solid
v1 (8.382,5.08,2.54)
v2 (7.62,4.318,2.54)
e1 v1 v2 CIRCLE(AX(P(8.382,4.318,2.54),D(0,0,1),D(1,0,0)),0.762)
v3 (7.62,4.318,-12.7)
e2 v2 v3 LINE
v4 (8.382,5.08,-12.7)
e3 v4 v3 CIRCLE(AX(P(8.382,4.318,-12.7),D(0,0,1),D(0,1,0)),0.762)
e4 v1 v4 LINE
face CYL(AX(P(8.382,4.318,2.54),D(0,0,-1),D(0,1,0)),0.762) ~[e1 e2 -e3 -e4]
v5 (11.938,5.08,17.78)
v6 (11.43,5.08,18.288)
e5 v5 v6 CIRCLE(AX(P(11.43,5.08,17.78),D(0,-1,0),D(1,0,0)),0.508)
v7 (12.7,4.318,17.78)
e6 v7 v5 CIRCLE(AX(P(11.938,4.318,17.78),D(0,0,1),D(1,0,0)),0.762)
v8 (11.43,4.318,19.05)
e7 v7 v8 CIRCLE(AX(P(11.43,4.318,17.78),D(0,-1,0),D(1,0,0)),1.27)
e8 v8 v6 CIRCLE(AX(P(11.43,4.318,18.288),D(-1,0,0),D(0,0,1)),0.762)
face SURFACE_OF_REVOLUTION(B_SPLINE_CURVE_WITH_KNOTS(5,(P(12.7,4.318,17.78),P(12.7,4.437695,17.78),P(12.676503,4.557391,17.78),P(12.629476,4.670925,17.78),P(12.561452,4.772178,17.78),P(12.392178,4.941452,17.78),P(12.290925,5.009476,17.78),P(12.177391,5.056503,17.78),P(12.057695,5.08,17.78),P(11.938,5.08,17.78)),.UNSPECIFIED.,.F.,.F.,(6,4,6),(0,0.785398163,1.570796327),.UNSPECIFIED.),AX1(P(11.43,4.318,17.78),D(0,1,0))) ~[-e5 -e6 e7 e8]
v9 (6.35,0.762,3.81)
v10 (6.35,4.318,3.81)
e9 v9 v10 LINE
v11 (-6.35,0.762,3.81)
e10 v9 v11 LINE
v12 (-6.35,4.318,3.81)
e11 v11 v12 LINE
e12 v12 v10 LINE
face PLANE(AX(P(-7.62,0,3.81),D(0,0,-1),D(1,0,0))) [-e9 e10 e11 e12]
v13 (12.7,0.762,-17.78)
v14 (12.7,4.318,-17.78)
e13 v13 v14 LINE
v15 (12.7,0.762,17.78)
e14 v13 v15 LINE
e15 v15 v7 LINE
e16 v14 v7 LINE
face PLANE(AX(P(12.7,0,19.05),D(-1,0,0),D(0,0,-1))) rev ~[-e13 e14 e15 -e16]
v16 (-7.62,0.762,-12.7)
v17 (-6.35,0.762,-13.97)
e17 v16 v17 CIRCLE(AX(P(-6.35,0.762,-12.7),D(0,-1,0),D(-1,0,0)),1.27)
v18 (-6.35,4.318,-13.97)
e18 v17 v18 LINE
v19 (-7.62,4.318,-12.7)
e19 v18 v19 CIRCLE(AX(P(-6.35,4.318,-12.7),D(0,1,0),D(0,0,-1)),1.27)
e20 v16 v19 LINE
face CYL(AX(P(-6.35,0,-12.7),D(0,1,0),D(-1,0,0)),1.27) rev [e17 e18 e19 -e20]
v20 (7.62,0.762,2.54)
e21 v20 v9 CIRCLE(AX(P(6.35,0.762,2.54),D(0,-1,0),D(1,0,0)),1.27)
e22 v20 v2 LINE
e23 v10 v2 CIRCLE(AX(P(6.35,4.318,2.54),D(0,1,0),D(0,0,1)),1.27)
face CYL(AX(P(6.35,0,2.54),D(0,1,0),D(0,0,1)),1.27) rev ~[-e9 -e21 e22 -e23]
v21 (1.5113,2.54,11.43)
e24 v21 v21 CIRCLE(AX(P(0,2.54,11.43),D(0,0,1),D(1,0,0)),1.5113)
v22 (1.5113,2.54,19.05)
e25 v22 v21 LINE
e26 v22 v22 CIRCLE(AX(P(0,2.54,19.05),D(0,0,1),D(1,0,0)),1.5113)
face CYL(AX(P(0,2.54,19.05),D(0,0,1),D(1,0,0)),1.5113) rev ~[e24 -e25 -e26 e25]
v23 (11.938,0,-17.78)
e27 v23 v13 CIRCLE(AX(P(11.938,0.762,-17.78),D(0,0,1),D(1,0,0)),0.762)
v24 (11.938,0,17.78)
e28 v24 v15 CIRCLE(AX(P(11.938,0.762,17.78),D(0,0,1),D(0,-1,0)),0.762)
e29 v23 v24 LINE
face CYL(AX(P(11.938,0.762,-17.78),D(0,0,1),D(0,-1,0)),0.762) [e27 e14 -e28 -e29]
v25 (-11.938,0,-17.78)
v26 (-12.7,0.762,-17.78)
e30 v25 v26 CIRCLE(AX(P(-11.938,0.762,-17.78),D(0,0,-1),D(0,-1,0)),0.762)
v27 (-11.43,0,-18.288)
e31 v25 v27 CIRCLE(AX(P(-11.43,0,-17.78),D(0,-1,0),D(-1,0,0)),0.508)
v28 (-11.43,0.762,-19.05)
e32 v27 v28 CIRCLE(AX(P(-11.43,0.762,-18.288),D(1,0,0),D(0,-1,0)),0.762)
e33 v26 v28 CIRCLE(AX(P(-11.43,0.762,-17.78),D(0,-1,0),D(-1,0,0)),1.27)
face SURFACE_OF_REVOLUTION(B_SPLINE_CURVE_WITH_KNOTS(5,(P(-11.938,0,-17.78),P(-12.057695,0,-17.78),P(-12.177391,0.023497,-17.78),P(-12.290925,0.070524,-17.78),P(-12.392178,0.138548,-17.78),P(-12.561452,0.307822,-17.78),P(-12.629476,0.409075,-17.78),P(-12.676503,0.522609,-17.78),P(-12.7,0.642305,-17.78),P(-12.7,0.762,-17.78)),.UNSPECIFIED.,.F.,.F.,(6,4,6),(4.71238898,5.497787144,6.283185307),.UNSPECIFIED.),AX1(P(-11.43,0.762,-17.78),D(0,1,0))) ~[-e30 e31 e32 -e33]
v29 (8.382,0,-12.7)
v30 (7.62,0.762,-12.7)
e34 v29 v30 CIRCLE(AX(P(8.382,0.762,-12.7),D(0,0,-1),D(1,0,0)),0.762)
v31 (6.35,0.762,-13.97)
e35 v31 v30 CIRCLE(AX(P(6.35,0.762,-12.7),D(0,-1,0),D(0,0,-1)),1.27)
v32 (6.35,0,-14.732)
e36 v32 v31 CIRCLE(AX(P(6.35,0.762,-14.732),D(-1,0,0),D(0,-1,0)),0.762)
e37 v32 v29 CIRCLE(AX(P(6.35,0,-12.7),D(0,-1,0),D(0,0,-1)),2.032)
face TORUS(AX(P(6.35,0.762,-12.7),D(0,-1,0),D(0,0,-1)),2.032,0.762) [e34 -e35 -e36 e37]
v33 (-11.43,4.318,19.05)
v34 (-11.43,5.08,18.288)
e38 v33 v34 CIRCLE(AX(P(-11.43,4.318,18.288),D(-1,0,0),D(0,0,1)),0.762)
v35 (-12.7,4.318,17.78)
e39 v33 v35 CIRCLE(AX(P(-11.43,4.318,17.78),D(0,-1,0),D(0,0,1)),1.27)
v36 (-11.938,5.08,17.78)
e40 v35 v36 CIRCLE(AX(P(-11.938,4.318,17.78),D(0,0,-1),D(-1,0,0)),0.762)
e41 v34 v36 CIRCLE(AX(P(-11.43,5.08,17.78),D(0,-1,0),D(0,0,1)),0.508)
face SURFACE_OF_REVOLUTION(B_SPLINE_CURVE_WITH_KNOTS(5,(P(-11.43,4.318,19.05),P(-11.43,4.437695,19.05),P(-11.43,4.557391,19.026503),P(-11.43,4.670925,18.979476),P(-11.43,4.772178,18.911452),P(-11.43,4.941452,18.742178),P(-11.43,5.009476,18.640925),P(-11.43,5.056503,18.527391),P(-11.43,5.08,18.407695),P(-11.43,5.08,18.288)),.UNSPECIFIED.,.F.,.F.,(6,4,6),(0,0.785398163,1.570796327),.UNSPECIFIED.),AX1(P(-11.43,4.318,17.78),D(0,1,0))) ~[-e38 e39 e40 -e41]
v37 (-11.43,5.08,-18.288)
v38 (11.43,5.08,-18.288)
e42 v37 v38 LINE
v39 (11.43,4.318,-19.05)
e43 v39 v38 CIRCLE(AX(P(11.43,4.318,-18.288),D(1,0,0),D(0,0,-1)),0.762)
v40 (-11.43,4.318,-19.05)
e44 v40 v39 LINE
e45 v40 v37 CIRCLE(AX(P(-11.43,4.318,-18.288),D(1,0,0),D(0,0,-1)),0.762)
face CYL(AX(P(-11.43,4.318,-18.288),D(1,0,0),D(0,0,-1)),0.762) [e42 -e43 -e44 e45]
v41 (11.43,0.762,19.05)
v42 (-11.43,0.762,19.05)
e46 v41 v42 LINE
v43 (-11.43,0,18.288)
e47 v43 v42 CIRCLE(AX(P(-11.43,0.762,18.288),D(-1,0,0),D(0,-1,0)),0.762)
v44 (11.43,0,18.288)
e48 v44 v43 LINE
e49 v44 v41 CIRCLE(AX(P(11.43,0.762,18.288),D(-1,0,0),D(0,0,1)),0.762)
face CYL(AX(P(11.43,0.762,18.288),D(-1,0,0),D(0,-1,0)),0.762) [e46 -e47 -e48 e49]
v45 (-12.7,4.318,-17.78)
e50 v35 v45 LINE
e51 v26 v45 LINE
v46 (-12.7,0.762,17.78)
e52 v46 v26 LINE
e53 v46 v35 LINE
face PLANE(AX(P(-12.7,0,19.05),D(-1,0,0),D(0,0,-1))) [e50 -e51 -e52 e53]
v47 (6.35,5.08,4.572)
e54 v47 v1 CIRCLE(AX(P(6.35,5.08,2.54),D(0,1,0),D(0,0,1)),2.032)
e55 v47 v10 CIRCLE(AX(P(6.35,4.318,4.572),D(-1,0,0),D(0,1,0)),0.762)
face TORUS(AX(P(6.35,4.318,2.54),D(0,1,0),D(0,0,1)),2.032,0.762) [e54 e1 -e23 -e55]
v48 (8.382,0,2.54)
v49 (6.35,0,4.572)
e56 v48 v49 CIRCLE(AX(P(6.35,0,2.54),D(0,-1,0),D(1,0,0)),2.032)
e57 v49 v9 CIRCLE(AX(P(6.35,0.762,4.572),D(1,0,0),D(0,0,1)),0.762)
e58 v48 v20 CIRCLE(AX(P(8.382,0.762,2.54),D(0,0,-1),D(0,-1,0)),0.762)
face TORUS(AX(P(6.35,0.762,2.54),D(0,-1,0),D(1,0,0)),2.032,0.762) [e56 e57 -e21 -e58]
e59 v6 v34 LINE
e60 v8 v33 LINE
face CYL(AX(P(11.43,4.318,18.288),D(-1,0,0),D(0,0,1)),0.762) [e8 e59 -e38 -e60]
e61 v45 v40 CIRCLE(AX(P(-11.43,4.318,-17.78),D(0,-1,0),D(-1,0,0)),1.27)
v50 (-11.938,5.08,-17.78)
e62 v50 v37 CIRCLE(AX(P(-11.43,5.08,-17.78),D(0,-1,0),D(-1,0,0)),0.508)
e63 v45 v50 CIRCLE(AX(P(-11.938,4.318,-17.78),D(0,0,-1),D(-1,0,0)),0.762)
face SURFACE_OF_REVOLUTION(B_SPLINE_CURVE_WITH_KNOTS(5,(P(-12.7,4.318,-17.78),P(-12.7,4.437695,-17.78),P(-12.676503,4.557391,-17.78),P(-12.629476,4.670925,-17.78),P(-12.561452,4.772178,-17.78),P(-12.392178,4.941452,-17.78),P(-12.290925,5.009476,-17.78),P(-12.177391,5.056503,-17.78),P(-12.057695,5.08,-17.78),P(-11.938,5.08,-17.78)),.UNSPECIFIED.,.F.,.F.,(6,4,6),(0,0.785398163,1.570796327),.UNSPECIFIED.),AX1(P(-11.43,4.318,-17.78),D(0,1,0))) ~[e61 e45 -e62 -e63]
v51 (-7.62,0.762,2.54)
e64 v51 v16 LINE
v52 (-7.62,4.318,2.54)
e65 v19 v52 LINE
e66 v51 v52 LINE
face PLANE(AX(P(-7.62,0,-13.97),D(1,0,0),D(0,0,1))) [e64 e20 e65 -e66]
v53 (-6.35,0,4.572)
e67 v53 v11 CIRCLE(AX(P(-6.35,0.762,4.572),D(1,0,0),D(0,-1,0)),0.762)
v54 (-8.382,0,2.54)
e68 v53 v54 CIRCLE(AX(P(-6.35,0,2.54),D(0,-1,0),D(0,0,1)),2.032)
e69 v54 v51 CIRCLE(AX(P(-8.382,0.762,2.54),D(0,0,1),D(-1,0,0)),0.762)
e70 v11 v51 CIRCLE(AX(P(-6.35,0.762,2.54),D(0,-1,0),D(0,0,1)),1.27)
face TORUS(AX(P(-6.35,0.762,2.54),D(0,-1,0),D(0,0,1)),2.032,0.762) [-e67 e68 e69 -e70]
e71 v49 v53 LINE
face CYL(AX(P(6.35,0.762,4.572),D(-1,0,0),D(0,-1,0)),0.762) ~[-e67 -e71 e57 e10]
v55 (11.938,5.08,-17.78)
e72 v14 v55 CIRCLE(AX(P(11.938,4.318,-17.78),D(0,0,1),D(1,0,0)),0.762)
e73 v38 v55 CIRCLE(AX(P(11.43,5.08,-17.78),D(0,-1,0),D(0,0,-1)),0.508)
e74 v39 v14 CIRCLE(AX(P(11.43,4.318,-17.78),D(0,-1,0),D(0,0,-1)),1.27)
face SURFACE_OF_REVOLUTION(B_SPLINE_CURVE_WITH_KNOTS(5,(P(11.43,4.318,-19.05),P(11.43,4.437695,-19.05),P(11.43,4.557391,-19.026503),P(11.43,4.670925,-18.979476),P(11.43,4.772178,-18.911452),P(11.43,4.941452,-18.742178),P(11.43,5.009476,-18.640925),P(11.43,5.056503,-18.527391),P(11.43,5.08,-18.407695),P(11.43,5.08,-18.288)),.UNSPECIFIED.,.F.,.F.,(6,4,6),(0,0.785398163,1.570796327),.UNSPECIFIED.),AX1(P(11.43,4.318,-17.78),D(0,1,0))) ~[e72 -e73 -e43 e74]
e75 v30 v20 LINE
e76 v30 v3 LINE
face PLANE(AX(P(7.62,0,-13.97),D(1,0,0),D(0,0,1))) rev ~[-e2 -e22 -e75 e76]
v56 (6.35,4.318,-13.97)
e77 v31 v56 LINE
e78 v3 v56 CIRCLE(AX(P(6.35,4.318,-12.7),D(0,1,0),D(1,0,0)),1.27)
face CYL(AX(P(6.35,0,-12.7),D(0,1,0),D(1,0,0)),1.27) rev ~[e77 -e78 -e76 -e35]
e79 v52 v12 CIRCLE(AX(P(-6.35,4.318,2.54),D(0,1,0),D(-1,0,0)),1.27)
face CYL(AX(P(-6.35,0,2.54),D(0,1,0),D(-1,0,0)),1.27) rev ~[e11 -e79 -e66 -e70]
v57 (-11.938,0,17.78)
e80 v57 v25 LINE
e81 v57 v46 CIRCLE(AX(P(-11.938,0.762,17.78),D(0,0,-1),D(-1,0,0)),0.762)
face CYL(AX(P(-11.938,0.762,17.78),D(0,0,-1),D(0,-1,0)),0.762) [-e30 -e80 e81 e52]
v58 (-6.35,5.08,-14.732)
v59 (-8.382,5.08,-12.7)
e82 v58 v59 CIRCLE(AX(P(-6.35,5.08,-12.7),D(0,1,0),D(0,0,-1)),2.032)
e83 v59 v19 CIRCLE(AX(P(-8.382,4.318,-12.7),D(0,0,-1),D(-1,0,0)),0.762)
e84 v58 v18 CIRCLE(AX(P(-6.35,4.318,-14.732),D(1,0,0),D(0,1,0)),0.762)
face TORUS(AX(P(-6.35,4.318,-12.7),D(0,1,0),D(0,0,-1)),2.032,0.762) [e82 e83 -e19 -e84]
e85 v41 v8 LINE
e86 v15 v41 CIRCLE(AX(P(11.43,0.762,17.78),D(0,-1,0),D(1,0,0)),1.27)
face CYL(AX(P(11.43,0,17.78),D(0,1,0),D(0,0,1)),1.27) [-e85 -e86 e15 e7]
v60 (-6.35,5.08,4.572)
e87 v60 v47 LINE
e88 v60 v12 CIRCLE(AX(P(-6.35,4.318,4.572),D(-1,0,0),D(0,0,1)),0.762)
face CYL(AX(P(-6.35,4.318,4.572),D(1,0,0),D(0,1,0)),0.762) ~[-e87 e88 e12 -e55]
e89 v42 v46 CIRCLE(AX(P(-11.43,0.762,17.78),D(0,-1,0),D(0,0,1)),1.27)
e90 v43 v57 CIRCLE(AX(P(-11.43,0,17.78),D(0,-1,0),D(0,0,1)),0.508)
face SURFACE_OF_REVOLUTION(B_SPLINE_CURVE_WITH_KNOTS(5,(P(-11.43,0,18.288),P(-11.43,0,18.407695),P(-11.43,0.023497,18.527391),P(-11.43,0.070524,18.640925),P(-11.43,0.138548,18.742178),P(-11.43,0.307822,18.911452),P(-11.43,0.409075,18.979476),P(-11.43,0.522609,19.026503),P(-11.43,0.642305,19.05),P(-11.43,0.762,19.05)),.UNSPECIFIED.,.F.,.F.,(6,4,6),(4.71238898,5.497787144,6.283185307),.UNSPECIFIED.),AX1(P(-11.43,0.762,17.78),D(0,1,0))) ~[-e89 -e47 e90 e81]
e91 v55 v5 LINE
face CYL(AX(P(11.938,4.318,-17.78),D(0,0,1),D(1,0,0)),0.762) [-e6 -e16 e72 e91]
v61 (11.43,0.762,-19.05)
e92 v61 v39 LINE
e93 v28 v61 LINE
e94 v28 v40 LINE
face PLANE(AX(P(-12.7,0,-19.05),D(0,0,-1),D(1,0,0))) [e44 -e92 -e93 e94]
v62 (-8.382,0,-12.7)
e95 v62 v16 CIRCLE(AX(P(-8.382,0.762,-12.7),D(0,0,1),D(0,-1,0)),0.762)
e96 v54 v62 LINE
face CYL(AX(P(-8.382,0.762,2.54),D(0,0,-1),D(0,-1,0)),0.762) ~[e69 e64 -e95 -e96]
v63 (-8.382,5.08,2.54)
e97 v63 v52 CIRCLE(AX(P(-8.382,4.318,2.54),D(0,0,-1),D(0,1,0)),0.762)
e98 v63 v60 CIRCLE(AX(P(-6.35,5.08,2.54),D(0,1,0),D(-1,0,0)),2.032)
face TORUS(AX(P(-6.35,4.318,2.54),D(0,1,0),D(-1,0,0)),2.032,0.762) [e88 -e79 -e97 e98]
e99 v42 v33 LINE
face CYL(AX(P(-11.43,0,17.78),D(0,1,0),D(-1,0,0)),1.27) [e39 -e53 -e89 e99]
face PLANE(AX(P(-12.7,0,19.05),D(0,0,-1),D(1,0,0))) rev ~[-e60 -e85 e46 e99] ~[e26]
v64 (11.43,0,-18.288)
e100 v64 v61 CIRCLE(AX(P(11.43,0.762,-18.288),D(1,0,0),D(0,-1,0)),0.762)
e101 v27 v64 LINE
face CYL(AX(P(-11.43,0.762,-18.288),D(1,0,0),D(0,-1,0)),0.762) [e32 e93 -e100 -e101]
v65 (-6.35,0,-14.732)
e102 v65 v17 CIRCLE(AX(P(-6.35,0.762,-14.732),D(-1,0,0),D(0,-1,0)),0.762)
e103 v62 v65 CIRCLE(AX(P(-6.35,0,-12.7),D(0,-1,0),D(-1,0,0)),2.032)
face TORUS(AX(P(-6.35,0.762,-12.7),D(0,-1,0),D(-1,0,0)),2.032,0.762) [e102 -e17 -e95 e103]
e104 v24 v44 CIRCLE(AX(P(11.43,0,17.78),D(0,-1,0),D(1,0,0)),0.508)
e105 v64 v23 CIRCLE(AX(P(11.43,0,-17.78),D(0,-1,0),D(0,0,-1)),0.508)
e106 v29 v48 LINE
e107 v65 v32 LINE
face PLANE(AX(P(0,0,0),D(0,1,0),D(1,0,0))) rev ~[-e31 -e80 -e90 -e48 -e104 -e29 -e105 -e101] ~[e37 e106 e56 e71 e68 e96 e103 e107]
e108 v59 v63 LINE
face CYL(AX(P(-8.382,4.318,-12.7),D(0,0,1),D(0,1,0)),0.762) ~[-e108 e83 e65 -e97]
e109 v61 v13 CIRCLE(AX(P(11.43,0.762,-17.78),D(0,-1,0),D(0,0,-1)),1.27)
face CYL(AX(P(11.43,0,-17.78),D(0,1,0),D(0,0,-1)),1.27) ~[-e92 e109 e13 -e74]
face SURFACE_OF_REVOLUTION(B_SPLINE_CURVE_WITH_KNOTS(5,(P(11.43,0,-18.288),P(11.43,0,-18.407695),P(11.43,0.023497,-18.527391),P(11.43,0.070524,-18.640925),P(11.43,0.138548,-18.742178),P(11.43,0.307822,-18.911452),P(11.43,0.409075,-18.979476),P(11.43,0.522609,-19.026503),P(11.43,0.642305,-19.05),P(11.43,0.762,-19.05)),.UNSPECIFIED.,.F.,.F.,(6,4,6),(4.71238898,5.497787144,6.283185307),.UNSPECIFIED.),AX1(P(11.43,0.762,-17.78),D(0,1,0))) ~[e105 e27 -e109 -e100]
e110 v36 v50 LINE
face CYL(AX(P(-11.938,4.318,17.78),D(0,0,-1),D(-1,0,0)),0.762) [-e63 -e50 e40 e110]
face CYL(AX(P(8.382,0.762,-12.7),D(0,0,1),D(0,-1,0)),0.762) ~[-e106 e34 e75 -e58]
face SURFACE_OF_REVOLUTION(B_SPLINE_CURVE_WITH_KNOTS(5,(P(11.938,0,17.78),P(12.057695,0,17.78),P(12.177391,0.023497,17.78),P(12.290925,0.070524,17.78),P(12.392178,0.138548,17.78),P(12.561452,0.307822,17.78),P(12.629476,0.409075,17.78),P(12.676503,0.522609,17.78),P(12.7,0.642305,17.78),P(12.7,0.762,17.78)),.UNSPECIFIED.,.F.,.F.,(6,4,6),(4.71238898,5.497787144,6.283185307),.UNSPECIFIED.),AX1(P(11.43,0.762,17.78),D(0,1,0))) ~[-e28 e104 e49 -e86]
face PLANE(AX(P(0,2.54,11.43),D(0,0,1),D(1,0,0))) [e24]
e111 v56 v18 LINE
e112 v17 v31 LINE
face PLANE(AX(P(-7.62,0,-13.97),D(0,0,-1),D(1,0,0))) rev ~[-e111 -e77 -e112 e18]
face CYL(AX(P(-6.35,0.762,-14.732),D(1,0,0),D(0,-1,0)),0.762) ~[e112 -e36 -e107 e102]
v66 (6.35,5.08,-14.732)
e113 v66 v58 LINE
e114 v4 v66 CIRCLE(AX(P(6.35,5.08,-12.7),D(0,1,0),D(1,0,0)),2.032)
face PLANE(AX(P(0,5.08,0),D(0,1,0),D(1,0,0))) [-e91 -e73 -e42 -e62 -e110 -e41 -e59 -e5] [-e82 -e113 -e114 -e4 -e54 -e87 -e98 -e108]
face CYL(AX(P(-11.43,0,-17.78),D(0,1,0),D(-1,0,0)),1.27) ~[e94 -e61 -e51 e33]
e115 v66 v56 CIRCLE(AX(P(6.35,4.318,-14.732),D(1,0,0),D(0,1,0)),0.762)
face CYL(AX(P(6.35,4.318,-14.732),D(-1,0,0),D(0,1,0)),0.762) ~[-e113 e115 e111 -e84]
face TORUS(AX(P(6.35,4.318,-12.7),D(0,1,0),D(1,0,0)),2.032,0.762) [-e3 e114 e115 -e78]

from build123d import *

# Parameters (mm, degrees)
SKETCH1_W           = 25.4
SKETCH1_H           = 38.1
BOSS_EXTRUDE1_DEPTH = 5.08
SKETCH2_W           = 15.24
SKETCH2_H           = 17.78
CUT_EXTRUDE1_DEPTH  = 24.452055347
SKETCH3_R           = 1.5113
CUT_EXTRUDE3_DEPTH  = 7.62
FILLET1_R           = 1.27
FILLET2_R           = 1.27
FILLET3_R           = 0.762
FILLET4_R           = 0.762


with BuildPart() as part:
    # Sketch1 → Boss-Extrude1 (new body)
    with BuildSketch(Plane(origin=(0, 0, 0), x_dir=(1, 0, 0), z_dir=(0, 1, 0))):
        Rectangle(SKETCH1_W, SKETCH1_H)
    extrude(amount=BOSS_EXTRUDE1_DEPTH)

    # Sketch2 → Cut-Extrude1 (cut, through all)
    with BuildSketch(Plane.XZ):
        with Locations((0, -5.08)):
            Rectangle(SKETCH2_W, SKETCH2_H)
    extrude(amount=-CUT_EXTRUDE1_DEPTH, mode=Mode.SUBTRACT)

    # Sketch3 → Cut-Extrude3 (cut)
    with BuildSketch(Plane.XY.offset(19.05)):
        with Locations((0, 2.54)):
            Circle(SKETCH3_R)
    extrude(amount=-CUT_EXTRUDE3_DEPTH, mode=Mode.SUBTRACT)

    # Fillet1
    fillet1_edges = [part.edges().sort_by_distance(p)[0] for p in [
        (12.7, 2.54, 19.05),
        (-12.7, 2.54, 19.05),
        (-12.7, 2.54, -19.05),
        (12.7, 2.54, -19.05),
    ]]
    fillet(fillet1_edges, radius=FILLET1_R)

    # Fillet2
    fillet2_edges = [part.edges().sort_by_distance(p)[0] for p in [
        (7.62, 2.54, 3.81),
        (7.62, 2.54, -13.97),
        (-7.62, 2.54, -13.97),
        (-7.62, 2.54, 3.81),
    ]]
    fillet(fillet2_edges, radius=FILLET2_R)

    # Fillet3
    fillet3_edges = [part.edges().sort_by_distance(p)[0] for p in [
        (0, 5.08, -19.05),
        (12.7, 5.08, 0),
        (-12.7, 5.08, 0),
        (0, 5.08, 19.05),
        (12.328025612, 5.08, 18.678025612),
        (-12.328025612, 5.08, 18.678025612),
        (-12.328025612, 5.08, -18.678025612),
        (12.328025612, 5.08, -18.678025612),
    ]]
    fillet(fillet3_edges, radius=FILLET3_R)

    # Fillet4
    fillet4_edges = [part.edges().sort_by_distance(p)[0] for p in [
        (0, 0, -19.05),
        (12.7, 0, 0),
        (0, 0, 19.05),
        (-12.7, 0, 0),
        (12.328025612, 0, 18.678025612),
        (-12.328025612, 0, 18.678025612),
        (-12.328025612, 0, -18.678025612),
        (12.328025612, 0, -18.678025612),
        (0, 0, -13.97),
        (0, 5.08, -13.97),
        (-7.62, 0, -5.08),
        (-7.62, 5.08, -5.08),
        (7.62, 0, -5.08),
        (7.62, 5.08, -5.08),
        (0, 0, 3.81),
        (0, 5.08, 3.81),
        (-7.248025612, 0, -13.598025612),
        (-7.248025612, 5.08, -13.598025612),
        (7.248025612, 0, -13.598025612),
        (7.248025612, 5.08, -13.598025612),
        (-7.248025612, 0, 3.438025612),
        (-7.248025612, 5.08, 3.438025612),
        (7.248025612, 0, 3.438025612),
        (7.248025612, 5.08, 3.438025612),
    ]]
    fillet(fillet4_edges, radius=FILLET4_R)


solid = part.part
